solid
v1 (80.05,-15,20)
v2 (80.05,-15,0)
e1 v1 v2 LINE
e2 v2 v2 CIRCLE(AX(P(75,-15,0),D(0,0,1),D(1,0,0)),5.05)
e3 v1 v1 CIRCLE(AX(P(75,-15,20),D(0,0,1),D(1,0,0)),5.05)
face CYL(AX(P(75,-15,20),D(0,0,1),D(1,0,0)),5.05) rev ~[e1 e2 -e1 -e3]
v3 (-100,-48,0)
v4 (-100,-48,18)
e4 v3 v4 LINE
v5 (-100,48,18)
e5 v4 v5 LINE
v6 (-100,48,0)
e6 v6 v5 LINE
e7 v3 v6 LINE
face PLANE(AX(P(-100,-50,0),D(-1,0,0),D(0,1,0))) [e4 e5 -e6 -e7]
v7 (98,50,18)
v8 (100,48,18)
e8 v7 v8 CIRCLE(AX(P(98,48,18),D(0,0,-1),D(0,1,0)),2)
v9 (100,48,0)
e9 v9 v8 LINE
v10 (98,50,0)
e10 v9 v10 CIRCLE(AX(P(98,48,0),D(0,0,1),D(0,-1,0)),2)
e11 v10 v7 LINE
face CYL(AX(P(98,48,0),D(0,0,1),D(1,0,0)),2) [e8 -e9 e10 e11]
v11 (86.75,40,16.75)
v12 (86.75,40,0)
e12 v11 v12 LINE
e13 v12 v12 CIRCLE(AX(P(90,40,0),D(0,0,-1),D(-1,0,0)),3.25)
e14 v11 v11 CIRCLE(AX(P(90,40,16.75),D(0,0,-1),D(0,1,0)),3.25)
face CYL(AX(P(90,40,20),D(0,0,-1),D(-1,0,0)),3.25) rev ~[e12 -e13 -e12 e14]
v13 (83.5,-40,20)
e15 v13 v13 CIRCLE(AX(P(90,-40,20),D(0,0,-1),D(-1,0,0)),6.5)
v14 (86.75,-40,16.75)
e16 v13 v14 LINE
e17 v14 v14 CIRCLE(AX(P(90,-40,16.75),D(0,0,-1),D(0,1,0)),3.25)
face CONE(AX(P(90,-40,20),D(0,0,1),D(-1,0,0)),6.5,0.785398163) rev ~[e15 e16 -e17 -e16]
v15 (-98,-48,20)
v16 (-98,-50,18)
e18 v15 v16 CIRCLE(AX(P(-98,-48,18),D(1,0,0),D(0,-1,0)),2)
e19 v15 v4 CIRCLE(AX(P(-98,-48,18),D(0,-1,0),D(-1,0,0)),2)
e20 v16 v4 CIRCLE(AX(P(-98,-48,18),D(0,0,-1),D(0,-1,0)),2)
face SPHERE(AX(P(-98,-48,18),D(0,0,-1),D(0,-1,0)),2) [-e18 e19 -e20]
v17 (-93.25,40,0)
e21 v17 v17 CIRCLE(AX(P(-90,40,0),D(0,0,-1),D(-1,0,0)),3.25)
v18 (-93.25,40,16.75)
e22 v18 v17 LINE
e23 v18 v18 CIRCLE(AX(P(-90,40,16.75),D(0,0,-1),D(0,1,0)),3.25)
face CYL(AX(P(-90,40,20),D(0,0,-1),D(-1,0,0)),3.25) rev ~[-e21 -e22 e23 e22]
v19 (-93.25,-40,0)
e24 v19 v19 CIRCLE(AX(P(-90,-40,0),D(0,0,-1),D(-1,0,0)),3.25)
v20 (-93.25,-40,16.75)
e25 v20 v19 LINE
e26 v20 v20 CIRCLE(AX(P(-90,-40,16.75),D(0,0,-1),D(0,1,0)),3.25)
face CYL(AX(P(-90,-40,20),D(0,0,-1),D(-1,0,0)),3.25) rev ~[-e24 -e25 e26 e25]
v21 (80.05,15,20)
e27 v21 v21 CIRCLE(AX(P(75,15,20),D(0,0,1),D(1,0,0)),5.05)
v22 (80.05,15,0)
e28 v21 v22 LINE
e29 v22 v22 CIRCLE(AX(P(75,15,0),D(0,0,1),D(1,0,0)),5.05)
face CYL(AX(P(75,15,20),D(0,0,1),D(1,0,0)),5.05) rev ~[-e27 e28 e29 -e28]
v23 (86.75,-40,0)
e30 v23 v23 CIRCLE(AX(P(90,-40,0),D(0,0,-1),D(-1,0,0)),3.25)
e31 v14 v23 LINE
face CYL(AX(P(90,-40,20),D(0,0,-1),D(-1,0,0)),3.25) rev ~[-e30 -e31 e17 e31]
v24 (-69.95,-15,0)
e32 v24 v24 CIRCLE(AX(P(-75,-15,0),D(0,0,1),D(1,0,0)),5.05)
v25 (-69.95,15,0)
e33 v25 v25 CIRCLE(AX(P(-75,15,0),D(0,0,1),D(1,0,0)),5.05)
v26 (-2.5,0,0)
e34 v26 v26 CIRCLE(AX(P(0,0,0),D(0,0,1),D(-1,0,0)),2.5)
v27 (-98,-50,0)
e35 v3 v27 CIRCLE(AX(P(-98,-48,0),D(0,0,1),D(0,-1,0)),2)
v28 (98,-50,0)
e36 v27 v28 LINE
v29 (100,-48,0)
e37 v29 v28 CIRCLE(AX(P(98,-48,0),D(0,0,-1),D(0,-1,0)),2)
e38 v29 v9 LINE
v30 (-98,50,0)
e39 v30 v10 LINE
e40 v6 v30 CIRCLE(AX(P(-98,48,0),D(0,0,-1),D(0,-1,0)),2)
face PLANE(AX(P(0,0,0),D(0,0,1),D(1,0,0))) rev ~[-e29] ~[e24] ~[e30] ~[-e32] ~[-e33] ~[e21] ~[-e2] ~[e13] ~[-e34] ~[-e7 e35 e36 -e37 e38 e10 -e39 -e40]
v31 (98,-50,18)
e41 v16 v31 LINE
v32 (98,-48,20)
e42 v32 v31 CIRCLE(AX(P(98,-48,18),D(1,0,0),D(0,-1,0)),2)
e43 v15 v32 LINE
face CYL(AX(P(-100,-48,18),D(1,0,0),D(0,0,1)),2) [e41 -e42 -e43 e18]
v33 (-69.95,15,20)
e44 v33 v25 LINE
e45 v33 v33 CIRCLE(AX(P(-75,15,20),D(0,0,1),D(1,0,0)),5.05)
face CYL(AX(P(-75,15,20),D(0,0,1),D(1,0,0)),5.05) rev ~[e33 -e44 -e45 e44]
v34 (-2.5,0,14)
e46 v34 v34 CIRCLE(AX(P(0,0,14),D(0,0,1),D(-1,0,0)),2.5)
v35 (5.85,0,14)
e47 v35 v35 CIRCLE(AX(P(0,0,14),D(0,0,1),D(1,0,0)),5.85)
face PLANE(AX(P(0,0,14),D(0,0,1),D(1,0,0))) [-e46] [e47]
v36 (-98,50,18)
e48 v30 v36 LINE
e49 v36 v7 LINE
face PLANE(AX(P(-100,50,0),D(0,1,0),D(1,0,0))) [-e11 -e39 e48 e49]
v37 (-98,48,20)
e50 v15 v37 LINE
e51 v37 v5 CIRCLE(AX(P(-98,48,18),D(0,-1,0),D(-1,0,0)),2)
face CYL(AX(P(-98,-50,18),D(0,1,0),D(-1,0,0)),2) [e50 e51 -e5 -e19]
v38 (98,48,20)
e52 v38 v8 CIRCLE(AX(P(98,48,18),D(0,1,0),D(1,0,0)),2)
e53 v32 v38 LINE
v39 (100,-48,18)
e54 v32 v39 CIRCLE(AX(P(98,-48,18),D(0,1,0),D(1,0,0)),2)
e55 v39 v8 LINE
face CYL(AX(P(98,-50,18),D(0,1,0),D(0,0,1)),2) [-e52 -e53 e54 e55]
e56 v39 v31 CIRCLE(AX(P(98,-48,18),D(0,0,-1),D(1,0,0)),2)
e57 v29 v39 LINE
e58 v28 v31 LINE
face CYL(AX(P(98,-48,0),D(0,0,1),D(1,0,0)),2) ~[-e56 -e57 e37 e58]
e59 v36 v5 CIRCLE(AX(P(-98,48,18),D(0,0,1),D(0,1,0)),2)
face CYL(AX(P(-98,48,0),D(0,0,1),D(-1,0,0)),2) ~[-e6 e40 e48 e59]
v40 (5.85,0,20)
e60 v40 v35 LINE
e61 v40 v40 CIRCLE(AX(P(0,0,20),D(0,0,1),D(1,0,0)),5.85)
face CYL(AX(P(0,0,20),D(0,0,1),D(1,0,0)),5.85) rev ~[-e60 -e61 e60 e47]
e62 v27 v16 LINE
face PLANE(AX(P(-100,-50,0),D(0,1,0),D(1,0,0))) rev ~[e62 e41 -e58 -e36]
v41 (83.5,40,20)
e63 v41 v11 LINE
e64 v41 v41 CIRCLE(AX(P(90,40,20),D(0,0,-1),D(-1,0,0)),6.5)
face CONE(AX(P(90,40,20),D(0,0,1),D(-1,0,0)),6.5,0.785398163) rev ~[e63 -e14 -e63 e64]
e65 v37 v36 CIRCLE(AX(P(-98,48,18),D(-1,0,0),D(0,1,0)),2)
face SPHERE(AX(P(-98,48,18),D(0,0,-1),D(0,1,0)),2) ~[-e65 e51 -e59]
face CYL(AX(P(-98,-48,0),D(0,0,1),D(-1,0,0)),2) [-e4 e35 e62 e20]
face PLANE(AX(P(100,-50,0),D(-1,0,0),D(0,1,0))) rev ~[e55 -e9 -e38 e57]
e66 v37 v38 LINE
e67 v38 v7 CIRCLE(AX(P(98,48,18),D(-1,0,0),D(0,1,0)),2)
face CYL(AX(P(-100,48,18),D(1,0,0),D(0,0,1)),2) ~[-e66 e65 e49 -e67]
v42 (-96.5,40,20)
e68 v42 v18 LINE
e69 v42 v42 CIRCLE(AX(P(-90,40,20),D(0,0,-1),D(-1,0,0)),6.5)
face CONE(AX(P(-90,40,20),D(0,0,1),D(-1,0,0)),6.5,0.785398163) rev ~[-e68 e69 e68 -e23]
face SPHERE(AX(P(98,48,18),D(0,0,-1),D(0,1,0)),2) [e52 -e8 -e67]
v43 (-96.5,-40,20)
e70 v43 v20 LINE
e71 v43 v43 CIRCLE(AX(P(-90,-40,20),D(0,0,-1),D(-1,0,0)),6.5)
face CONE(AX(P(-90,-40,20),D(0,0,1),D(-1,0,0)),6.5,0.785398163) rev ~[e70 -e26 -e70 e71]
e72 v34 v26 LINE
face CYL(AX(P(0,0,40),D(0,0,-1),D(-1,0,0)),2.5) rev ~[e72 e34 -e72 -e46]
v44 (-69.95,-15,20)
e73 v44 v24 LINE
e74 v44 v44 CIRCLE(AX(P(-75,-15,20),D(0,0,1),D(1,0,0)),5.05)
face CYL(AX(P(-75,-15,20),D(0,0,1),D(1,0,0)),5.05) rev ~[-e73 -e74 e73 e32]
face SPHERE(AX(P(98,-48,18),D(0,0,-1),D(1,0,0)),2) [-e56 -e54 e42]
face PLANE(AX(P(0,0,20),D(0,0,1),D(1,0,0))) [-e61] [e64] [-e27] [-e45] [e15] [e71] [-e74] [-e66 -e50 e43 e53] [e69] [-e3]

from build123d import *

# Parameters (mm, degrees)
F0_W           = 200
F0_H           = 100
F1_DEPTH       = 20
F2_R           = 5.05
F3_DEPTH       = 20.001
F5_D           = 6.5
F5_DEPTH       = 25
F5_CSINK_D     = 13
F5_CSINK_ANGLE = 90
F5_TIP         = 1.9527970118
F7_D           = 5
F7_DEPTH       = 20
F7_TIP         = 1.5021515476
F8_R           = 5.85
F8_R_2         = 2.5
F9_DEPTH       = 6
F10_R          = 2


with BuildPart() as f1:
    # F0 (on Top) → F1 (new body)
    with BuildSketch(Plane.XY):
        Rectangle(F0_W, F0_H)
    extrude(amount=F1_DEPTH)

    # F2 (on face) → F3 (cut, through all)
    with BuildSketch(Plane.XY.offset(20)):
        with Locations((-75, 15)):
            Circle(F2_R)
        with Locations((-75, -15)):
            Circle(F2_R)
        with Locations((75, -15)):
            Circle(F2_R)
        with Locations((75, 15)):
            Circle(F2_R)
    extrude(amount=-F3_DEPTH, mode=Mode.SUBTRACT)

    # F5
    with Locations(Plane.XY.offset(20)):
        with Locations((-90, 40), (90, 40), (90, -40), (-90, -40)):
            CounterSinkHole(F5_D / 2, F5_CSINK_D / 2, depth=F5_DEPTH, counter_sink_angle=F5_CSINK_ANGLE)
            with Locations((0, 0, -(F5_DEPTH + F5_TIP / 2))):  # 118° drill point
                Cone(0, F5_D / 2, F5_TIP, mode=Mode.SUBTRACT)

    # F7
    with Locations(Plane.XY.offset(20)):
        with Locations((0, 0)):
            Hole(F7_D / 2, depth=F7_DEPTH)
            with Locations((0, 0, -(F7_DEPTH + F7_TIP / 2))):  # 118° drill point
                Cone(0, F7_D / 2, F7_TIP, mode=Mode.SUBTRACT)

    # F8 (on face) → F9 (cut)
    with BuildSketch(Plane.XY.offset(20)):
        Circle(F8_R)
        Circle(F8_R_2, mode=Mode.SUBTRACT)
    extrude(amount=-F9_DEPTH, mode=Mode.SUBTRACT)

    # F10
    f10_edges = [f1.edges().sort_by_distance(p)[0] for p in [
        (-100, -50, 10),
        (100, -50, 10),
        (100, 50, 10),
        (-100, 50, 10),
        (0, 50, 20),
        (100, 0, 20),
        (0, -50, 20),
        (-100, 0, 20),
    ]]
    fillet(f10_edges, radius=F10_R)


solid = f1.part
